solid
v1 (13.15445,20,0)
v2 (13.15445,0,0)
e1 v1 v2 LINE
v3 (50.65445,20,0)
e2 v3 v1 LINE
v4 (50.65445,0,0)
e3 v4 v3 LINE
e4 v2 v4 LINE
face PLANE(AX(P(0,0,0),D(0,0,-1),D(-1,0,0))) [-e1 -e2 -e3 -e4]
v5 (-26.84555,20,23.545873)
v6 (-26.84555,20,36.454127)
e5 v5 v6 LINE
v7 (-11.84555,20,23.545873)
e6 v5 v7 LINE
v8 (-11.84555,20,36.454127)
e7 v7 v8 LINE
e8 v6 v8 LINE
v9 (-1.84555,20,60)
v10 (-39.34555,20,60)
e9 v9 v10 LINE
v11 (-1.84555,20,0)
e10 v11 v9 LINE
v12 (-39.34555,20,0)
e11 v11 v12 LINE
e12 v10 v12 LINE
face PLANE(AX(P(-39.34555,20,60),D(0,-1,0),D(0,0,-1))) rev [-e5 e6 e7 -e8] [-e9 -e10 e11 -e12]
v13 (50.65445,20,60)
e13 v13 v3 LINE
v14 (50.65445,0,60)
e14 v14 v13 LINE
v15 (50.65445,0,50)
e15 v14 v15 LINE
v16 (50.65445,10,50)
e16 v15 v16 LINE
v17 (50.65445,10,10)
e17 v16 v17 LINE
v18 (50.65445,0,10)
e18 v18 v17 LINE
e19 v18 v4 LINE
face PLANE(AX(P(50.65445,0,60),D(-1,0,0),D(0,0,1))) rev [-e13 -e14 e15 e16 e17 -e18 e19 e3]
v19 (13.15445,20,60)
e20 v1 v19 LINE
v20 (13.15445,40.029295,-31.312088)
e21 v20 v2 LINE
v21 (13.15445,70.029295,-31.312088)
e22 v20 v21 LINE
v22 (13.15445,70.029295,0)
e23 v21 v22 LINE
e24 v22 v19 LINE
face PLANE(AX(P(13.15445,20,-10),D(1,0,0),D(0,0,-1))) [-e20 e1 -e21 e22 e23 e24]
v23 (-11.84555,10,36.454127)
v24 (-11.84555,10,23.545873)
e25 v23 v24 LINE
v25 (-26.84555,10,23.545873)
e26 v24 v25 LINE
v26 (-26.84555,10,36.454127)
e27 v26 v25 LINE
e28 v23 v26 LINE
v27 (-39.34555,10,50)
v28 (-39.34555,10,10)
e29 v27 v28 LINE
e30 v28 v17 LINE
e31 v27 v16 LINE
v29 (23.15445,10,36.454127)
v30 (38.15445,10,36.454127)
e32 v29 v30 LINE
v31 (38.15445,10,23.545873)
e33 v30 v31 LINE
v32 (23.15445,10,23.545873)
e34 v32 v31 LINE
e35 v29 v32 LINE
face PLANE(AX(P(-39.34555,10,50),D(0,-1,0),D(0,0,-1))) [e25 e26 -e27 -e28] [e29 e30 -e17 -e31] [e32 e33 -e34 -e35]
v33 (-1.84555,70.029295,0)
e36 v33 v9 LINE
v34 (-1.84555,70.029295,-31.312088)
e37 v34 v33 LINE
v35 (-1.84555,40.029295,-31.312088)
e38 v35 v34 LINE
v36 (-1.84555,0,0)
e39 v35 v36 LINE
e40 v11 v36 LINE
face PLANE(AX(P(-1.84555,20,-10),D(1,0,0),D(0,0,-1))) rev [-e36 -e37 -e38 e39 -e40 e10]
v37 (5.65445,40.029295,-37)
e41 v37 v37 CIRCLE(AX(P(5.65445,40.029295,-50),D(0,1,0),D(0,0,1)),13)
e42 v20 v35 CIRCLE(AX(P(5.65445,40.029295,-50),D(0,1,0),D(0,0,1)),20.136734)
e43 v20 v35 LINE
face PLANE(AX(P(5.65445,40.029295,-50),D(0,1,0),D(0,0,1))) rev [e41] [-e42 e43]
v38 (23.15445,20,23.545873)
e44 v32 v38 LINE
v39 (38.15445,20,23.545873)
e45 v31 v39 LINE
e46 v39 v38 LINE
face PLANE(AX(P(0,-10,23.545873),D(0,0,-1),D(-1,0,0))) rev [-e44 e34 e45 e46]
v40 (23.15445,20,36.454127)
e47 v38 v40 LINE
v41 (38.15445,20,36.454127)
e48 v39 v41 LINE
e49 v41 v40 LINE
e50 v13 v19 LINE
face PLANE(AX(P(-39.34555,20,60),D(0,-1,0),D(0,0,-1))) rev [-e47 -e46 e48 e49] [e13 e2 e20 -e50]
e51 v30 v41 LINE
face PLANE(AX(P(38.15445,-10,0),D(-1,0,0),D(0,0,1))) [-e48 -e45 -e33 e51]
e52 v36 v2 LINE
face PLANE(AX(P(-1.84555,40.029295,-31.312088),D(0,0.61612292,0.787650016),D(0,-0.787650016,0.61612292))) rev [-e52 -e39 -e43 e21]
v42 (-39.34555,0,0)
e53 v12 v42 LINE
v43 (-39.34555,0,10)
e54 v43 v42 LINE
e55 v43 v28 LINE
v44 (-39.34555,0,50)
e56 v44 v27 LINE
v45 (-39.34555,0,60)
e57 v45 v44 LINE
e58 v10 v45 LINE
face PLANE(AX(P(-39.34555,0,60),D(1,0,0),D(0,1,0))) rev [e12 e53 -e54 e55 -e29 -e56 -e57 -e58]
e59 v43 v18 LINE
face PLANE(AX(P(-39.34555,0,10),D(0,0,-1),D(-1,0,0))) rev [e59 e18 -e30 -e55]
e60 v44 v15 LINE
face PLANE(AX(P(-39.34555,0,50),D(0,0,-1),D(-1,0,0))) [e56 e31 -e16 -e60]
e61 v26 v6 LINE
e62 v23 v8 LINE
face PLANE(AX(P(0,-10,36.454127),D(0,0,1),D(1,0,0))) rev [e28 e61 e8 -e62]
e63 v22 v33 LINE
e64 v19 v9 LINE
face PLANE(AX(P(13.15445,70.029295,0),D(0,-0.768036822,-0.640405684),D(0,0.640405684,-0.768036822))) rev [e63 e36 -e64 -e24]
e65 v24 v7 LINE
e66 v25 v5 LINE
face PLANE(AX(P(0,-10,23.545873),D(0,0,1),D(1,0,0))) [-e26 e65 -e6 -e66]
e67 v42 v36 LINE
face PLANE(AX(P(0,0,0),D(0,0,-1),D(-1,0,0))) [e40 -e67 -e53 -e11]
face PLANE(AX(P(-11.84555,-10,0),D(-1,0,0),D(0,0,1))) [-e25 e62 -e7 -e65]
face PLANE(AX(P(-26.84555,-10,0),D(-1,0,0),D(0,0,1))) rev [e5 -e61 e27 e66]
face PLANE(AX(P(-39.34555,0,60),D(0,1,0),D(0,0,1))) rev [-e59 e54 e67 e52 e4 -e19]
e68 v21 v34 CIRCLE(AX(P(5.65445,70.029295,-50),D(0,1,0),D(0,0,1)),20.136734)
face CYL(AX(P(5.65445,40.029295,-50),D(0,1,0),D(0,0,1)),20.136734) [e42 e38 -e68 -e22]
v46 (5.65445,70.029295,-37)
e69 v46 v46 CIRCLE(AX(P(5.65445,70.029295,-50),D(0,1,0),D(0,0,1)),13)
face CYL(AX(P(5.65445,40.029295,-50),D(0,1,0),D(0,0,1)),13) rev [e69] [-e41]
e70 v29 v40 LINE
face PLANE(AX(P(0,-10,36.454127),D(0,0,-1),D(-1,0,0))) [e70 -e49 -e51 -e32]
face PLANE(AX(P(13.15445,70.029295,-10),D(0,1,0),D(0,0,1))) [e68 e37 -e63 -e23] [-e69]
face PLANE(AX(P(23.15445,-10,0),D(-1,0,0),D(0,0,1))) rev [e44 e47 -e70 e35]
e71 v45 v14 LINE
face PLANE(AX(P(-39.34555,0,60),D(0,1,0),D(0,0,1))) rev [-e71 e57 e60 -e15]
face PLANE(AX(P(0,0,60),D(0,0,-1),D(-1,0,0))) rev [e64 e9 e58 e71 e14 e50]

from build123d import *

# Parameters (mm, degrees)
SKETCH1_W                = 90
SKETCH1_H                = 20
BOSS_EXTRUDE1_DEPTH      = 60
SKETCH2_W                = 40
SKETCH2_H                = 10
CUT_EXTRUDE2_DEPTH       = 90
SKETCH3_W                = 15
SKETCH3_H                = 12.908253666
CUT_EXTRUDE4_DEPTH       = 30
BOSS_EXTRUDE7_DEPTH      = 10
BOSS_EXTRUDE7_DEPTH_BACK = 60
SKETCH4_W                = 15
SKETCH4_H                = 50.029295458
CUT_EXTRUDE7_DEPTH       = 15
SKETCH15_R               = 13
BOSS_EXTRUDE9_DEPTH      = 30
SKETCH28_W               = 15
SKETCH28_H               = 31.312087749
BOSS_EXTRUDE12_DEPTH     = 47
CUT_EXTRUDE10_DEPTH      = 15


with BuildPart() as part:
    # Sketch1 → Boss-Extrude1 (new body)
    with BuildSketch(Plane.XY):
        with Locations((5.654450262, 10)):
            Rectangle(SKETCH1_W, SKETCH1_H)
    extrude(amount=BOSS_EXTRUDE1_DEPTH)

    # Sketch2 → Cut-Extrude2 (cut)
    with BuildSketch(Plane(origin=(50.654450262, 0, 0), x_dir=(0, 0, -1), z_dir=(1, 0, 0))):
        with Locations((-30, 5)):
            Rectangle(SKETCH2_W, SKETCH2_H)
    extrude(amount=-CUT_EXTRUDE2_DEPTH, mode=Mode.SUBTRACT)

    # Sketch3 → Cut-Extrude4 (cut)
    with BuildSketch(Plane(origin=(0, 20, 0), x_dir=(1, 0, 0), z_dir=(0, 1, 0))):
        with Locations((-19.345549738, -30)):
            Rectangle(SKETCH3_W, SKETCH3_H)
        with Locations((30.654450262, -30)):
            Rectangle(SKETCH3_W, SKETCH3_H)
    extrude(amount=-CUT_EXTRUDE4_DEPTH, mode=Mode.SUBTRACT)

    # Sketch4 → Boss-Extrude7 (add, two sides: drawn at the far end of the back side and taken through both)
    with BuildSketch(Plane(origin=(0, 0, 0), x_dir=(-1, 0, 0), z_dir=(0, 0, -1)).offset(-BOSS_EXTRUDE7_DEPTH_BACK)):
        with Locations((-5.654450262, 45.014647729)):
            Rectangle(SKETCH4_W, SKETCH4_H)
    extrude(amount=BOSS_EXTRUDE7_DEPTH + BOSS_EXTRUDE7_DEPTH_BACK)

    # Sketch13 → Cut-Extrude7 (cut)
    with BuildSketch(Plane.ZY.offset(1.845549738)):
        Polygon((60, 20), (60, 70.029295458), (0, 70.029295458), align=None)
    extrude(amount=-CUT_EXTRUDE7_DEPTH, mode=Mode.SUBTRACT)

    # Sketch15 → Boss-Extrude9 (add)
    with BuildSketch(Plane(origin=(0, 70.029295458, 0), x_dir=(1, 0, 0), z_dir=(0, 1, 0))):
        with BuildLine():
            Line((-1.845549738, 10), (13.154450262, 10))
            Line((13.154450262, 10), (13.154450262, 31.312087749))
            ThreePointArc((13.154450262, 31.312087749), (5.654450262, 70.136734201), (-1.845549738, 31.312087749))
            Line((-1.845549738, 31.312087749), (-1.845549738, 10))
        make_face()
        with Locations(Location((5.654450262, 50, 0), (0, 0, 270))):
            Circle(SKETCH15_R, mode=Mode.SUBTRACT)
    extrude(amount=-BOSS_EXTRUDE9_DEPTH)

    # Sketch28 → Boss-Extrude12 (add)
    with BuildSketch(Plane.XZ):
        with Locations((5.654450262, -15.656043875)):
            Rectangle(SKETCH28_W, SKETCH28_H)
    extrude(amount=-BOSS_EXTRUDE12_DEPTH)

    # Sketch29 → Cut-Extrude10 (cut)
    with BuildSketch(Plane(origin=(13.154450262, 0, 0), x_dir=(0, 0, -1), z_dir=(1, 0, 0))):
        Polygon((31.312087749, 40.029295458), (0, 0), (31.312087749, 0), align=None)
    extrude(amount=-CUT_EXTRUDE10_DEPTH, mode=Mode.SUBTRACT)


solid = part.part
